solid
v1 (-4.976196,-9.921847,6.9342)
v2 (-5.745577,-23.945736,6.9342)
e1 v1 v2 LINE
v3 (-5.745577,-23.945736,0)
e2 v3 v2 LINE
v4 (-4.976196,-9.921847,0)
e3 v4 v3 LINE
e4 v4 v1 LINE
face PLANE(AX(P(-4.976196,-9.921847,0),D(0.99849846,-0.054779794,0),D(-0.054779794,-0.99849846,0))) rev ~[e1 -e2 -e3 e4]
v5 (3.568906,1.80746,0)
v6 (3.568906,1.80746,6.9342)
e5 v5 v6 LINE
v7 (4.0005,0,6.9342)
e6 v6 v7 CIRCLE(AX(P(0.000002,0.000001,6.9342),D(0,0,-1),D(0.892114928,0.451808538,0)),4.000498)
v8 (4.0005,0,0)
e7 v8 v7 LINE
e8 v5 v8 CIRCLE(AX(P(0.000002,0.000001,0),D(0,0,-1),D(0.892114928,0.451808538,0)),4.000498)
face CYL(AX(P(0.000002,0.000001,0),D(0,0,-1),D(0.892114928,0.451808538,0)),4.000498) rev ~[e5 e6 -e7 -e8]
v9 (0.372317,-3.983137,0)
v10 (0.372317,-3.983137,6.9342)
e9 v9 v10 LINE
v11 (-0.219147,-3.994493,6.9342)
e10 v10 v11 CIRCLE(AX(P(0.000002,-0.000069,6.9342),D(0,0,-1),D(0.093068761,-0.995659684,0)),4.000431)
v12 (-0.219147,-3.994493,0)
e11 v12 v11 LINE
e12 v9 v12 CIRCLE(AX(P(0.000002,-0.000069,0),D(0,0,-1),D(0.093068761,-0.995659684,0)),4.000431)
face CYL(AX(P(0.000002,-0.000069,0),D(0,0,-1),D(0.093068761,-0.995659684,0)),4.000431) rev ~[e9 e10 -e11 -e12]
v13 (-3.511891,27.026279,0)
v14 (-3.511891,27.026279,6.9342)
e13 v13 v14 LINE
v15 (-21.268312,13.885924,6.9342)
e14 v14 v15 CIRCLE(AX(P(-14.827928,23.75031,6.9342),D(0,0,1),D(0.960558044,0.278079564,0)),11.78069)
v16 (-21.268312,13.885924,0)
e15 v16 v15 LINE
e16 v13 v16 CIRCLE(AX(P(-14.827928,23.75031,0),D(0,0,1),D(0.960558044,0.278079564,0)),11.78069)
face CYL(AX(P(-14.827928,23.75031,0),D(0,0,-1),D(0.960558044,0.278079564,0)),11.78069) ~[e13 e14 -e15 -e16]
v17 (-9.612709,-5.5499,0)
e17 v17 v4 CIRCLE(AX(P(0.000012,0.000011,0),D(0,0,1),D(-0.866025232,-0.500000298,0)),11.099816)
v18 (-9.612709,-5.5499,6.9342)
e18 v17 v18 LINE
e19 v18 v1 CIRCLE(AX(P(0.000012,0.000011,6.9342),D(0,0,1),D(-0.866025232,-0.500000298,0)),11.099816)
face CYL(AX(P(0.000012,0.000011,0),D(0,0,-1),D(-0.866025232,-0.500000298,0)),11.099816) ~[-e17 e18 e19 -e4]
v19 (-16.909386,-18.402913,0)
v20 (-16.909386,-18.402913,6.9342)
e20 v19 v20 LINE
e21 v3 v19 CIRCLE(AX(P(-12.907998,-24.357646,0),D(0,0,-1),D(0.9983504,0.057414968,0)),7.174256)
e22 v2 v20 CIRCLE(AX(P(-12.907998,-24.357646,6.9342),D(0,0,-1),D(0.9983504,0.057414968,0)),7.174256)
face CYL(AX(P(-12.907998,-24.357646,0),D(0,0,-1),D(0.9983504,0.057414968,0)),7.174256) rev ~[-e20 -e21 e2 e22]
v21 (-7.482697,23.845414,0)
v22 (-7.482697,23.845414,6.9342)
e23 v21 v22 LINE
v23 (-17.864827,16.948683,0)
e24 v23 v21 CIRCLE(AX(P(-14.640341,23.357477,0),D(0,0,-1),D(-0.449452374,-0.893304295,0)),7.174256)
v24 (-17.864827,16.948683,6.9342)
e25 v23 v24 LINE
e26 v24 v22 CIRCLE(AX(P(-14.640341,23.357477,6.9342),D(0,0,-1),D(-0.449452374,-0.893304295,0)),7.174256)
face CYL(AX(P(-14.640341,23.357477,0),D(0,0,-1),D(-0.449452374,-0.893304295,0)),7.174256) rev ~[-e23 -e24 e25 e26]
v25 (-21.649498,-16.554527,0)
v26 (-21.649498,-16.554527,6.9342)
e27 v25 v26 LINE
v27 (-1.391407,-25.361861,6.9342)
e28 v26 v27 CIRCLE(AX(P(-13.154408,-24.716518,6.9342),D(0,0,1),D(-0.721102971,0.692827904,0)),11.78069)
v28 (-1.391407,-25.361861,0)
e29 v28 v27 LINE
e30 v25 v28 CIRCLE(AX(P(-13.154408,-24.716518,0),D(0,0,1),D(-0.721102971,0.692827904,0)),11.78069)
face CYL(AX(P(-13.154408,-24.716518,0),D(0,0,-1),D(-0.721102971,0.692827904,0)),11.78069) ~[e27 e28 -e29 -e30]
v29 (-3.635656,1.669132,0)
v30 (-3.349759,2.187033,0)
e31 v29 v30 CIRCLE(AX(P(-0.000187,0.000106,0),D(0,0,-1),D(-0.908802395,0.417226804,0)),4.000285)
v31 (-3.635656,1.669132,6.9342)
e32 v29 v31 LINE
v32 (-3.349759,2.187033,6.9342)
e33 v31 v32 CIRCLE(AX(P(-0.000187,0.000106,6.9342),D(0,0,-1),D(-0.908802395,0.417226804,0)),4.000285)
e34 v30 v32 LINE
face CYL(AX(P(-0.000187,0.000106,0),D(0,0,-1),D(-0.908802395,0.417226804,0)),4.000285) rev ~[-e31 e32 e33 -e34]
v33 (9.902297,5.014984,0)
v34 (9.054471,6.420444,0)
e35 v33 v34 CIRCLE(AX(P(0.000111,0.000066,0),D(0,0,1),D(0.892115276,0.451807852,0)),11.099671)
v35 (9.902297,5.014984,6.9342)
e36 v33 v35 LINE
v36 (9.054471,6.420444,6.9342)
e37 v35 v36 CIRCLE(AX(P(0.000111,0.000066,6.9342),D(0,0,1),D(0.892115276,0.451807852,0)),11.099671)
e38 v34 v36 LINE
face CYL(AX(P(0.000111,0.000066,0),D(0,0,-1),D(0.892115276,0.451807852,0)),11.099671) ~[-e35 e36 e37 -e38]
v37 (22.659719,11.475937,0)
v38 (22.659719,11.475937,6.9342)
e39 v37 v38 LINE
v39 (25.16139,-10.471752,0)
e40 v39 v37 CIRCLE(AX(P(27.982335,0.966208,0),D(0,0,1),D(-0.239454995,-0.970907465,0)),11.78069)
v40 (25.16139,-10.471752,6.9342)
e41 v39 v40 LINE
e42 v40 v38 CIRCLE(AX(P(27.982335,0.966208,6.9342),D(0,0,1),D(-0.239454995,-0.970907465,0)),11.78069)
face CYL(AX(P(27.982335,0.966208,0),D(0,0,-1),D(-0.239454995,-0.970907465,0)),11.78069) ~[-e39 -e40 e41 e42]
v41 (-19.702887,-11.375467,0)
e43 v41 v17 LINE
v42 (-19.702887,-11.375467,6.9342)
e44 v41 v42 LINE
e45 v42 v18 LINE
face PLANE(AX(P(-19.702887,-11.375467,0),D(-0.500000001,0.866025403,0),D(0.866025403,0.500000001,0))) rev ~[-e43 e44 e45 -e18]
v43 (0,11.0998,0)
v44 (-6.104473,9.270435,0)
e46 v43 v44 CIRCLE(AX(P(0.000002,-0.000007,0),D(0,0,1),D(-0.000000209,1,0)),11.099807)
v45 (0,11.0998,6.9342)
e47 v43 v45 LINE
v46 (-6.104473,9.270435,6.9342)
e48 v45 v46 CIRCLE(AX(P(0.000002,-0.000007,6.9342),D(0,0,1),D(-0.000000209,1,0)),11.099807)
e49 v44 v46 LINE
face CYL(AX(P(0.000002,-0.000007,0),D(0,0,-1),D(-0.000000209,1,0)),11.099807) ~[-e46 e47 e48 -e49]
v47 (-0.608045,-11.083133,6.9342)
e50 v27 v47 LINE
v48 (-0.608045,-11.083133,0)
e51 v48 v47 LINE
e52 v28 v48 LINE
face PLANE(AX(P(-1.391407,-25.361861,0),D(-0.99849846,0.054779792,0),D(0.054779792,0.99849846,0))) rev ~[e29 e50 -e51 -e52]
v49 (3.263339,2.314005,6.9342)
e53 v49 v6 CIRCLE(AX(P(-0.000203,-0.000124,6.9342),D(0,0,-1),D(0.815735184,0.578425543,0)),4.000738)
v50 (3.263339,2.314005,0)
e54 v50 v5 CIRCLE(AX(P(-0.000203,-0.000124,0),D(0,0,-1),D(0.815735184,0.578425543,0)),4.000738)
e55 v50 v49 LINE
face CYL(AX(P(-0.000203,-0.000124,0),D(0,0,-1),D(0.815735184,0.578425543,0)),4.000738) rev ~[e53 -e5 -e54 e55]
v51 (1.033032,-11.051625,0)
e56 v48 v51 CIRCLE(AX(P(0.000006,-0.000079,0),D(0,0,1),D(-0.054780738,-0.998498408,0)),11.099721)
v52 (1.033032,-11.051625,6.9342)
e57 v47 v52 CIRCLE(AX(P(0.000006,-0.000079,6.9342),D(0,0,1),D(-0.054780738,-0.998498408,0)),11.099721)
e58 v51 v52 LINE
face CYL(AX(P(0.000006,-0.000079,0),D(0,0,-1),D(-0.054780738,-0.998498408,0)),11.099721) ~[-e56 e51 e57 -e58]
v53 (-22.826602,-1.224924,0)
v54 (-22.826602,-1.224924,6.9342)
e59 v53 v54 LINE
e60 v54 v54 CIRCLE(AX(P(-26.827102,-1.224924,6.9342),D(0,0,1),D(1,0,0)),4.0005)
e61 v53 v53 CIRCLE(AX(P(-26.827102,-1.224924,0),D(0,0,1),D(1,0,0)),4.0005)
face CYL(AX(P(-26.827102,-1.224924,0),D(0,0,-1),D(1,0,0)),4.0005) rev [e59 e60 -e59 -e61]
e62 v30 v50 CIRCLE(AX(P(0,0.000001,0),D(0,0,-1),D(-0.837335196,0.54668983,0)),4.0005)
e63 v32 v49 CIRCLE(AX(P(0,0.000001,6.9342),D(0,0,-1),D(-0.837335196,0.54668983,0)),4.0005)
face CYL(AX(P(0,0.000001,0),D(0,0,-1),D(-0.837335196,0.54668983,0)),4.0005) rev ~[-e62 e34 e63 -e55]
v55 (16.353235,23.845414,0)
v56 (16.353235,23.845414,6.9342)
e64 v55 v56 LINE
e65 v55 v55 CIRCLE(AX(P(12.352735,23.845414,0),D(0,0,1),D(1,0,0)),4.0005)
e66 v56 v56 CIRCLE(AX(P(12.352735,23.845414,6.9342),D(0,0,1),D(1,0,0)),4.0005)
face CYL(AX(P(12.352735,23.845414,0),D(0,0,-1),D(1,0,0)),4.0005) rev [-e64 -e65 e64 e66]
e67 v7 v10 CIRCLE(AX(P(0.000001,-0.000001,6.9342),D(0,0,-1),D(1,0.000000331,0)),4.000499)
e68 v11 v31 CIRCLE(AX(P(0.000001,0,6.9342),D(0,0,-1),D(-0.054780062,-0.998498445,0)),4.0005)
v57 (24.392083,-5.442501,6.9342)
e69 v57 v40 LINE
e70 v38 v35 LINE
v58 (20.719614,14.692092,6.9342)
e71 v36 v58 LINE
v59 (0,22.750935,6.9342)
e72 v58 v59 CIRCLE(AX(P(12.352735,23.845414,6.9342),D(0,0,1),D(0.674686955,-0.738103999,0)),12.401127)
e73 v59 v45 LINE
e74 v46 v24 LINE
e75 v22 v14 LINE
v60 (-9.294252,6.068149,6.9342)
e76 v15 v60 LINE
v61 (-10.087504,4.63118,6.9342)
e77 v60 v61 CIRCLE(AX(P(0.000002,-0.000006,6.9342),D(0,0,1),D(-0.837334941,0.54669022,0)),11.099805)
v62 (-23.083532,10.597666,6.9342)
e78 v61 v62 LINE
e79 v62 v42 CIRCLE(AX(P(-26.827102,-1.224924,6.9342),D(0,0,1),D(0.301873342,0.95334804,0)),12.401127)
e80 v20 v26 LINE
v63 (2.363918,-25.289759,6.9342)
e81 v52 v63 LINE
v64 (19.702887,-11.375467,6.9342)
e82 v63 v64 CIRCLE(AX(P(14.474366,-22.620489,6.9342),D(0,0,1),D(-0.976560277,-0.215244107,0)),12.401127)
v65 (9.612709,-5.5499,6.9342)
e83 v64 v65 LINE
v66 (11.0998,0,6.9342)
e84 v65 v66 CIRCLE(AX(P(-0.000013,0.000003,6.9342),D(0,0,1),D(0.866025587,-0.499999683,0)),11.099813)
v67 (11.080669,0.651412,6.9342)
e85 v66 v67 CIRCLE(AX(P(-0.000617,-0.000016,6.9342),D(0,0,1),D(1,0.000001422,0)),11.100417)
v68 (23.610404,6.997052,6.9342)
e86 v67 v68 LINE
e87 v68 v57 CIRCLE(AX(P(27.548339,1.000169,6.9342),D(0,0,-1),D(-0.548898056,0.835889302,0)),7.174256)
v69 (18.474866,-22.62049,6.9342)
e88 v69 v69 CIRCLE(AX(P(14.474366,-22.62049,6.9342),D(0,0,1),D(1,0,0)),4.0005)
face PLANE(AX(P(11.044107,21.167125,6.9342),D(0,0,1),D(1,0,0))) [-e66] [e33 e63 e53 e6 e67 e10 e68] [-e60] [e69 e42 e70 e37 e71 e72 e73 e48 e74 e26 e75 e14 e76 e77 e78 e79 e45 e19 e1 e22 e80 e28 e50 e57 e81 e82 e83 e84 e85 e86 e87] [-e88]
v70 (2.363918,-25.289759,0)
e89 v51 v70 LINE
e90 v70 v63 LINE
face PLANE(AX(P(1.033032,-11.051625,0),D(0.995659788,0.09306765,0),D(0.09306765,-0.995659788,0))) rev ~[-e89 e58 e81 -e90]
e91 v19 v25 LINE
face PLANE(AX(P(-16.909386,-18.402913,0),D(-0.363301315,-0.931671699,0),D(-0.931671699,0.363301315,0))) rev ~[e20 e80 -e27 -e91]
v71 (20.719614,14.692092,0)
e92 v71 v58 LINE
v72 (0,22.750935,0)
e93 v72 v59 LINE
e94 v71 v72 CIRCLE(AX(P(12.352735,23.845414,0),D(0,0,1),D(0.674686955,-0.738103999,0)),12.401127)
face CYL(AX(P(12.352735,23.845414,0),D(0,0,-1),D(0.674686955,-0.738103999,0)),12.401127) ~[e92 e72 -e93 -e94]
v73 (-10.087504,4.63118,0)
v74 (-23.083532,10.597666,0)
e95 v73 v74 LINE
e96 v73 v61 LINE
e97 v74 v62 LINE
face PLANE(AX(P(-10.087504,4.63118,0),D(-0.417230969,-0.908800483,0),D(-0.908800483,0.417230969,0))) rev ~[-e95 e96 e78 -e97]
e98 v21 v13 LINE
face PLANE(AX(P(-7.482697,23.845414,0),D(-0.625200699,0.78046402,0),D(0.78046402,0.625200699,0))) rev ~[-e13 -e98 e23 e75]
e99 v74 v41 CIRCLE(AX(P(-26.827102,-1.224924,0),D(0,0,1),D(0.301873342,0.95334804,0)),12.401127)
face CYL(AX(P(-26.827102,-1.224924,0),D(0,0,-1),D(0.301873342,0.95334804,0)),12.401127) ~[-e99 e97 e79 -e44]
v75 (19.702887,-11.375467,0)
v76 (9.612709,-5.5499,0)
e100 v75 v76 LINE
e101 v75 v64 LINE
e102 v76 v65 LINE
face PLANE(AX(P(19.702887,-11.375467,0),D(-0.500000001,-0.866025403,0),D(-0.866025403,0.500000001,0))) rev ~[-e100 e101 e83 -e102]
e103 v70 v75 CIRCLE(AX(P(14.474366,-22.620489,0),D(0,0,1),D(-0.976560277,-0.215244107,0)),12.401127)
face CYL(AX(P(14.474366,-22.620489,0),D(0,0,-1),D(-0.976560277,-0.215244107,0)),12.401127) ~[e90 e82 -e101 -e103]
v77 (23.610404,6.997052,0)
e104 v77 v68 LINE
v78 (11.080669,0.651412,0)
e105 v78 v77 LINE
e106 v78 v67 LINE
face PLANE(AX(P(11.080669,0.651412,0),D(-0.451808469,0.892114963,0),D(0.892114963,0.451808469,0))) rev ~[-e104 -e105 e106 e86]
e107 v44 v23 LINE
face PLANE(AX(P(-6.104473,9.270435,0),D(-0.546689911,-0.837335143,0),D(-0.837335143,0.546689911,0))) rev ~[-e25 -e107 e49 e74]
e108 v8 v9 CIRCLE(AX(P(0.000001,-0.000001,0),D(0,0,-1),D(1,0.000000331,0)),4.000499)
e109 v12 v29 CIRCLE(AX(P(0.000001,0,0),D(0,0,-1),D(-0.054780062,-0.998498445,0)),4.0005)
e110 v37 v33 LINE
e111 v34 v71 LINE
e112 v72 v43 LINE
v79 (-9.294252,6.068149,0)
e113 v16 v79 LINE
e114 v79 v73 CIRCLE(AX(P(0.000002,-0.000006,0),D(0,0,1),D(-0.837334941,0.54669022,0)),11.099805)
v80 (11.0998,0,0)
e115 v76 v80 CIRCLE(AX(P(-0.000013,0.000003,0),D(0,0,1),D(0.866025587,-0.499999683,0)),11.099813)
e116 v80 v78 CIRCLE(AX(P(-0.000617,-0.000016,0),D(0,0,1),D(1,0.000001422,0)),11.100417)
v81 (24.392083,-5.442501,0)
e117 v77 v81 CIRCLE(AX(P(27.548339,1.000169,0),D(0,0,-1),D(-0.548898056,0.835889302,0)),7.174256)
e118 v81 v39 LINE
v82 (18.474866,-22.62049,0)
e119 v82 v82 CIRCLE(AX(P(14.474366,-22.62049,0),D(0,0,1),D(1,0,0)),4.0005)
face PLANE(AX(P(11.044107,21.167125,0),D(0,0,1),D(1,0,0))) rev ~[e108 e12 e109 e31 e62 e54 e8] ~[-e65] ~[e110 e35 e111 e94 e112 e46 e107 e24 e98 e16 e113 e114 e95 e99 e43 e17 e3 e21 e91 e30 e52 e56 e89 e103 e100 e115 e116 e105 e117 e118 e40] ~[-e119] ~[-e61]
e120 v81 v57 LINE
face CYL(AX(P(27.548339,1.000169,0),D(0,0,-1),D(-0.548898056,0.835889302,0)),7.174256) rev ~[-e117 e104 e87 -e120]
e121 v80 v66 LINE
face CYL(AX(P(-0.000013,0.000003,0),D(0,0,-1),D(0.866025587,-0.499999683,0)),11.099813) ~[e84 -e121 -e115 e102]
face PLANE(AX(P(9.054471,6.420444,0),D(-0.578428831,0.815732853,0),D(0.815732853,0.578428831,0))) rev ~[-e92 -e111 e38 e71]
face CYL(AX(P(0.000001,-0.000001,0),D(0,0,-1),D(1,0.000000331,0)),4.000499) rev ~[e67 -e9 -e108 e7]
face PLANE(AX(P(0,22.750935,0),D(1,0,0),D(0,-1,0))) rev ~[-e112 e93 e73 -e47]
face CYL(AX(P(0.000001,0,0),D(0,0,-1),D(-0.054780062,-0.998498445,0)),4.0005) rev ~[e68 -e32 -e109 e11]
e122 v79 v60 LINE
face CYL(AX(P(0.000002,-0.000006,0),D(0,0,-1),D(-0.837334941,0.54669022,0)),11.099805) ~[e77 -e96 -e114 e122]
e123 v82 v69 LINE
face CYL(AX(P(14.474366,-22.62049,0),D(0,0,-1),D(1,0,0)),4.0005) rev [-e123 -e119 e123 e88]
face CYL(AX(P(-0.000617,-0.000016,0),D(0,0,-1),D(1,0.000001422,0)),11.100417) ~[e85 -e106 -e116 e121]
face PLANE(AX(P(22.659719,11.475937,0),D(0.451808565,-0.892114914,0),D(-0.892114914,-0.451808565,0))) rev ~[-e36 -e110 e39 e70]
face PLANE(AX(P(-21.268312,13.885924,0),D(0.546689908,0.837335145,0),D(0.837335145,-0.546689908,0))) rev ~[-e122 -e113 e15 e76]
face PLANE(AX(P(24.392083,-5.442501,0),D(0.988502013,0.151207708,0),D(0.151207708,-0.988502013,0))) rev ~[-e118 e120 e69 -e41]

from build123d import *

# Parameters (mm, degrees)
F0_R     = 4.0005
F1_DEPTH = 6.9342


with BuildPart() as f1:
    # F0 (on Top) → F1 (new body)
    with BuildSketch(Plane.XY):
        with BuildLine():
            Line((9.054471, 6.420444), (20.719614, 14.692092))
            ThreePointArc((20.719614, 14.692092), (16.848066, 35.403093), (0, 22.750935))
            Line((0, 22.750935), (0, 11.0998))
            ThreePointArc((0, 11.0998), (5.096073, 9.860812), (9.054471, 6.420444))
        make_face()
        with Locations((12.352735, 23.845414)):
            Circle(F0_R, mode=Mode.SUBTRACT)
        with BuildLine():
            Line((19.702887, -11.375467), (9.612709, -5.5499))
            ThreePointArc((9.612709, -5.5499), (5.991677, -9.343734), (1.033032, -11.051625))
            Line((1.033032, -11.051625), (2.363918, -25.289759))
            ThreePointArc((2.363918, -25.289759), (22.235945, -32.2924), (19.702887, -11.375467))
        make_face()
        with Locations((14.474366, -22.62049)):
            Circle(F0_R, mode=Mode.SUBTRACT)
        with BuildLine():
            Line((22.659719, 11.475937), (9.902297, 5.014984))
            ThreePointArc((9.902297, 5.014984), (10.715942, 2.893812), (11.080669, 0.651412))
            Line((11.080669, 0.651412), (23.610404, 6.997052))
            ThreePointArc((23.610404, 6.997052), (34.708472, 1.450098), (24.392083, -5.442501))
            Line((24.392083, -5.442501), (25.16139, -10.471752))
            ThreePointArc((25.16139, -10.471752), (39.687234, 2.300371), (22.659719, 11.475937))
        make_face()
        with BuildLine():
            ThreePointArc((-0.608045, -11.083133), (-2.851856, -10.727184), (-4.976196, -9.921847))
            Line((-4.976196, -9.921847), (-5.745577, -23.945736))
            ThreePointArc((-5.745577, -23.945736), (-16.098414, -30.783468), (-16.909386, -18.402913))
            Line((-16.909386, -18.402913), (-21.649498, -16.554527))
            ThreePointArc((-21.649498, -16.554527), (-17.851438, -35.520339), (-1.391407, -25.361861))
            Line((-1.391407, -25.361861), (-0.608045, -11.083133))
        make_face()
        with BuildLine():
            ThreePointArc((-9.612709, -5.5499), (-11.08775, -0.517077), (-10.087504, 4.63118))
            Line((-10.087504, 4.63118), (-23.083532, 10.597666))
            ThreePointArc((-23.083532, 10.597666), (-39.084011, -3.110694), (-19.702887, -11.375467))
            Line((-19.702887, -11.375467), (-9.612709, -5.5499))
        make_face()
        with Locations((-26.827102, -1.224924)):
            Circle(F0_R, mode=Mode.SUBTRACT)
        with BuildLine():
            ThreePointArc((-9.294252, 6.068149), (-7.864086, 7.833372), (-6.104473, 9.270435))
            Line((-6.104473, 9.270435), (-17.864827, 16.948683))
            ThreePointArc((-17.864827, 16.948683), (-18.610058, 29.333369), (-7.482697, 23.845414))
            Line((-7.482697, 23.845414), (-3.511891, 27.026279))
            ThreePointArc((-3.511891, 27.026279), (-21.835797, 33.219968), (-21.268312, 13.885924))
            Line((-21.268312, 13.885924), (-9.294252, 6.068149))
        make_face()
        with BuildLine():
            ThreePointArc((9.902297, 5.014984), (9.504399, 5.733407), (9.054471, 6.420444))
            ThreePointArc((9.054471, 6.420444), (5.096073, 9.860812), (0, 11.0998))
            ThreePointArc((0, 11.0998), (-3.186345, 10.632627), (-6.104473, 9.270435))
            ThreePointArc((-6.104473, 9.270435), (-7.864086, 7.833372), (-9.294252, 6.068149))
            ThreePointArc((-9.294252, 6.068149), (-9.717476, 5.364347), (-10.087504, 4.63118))
            ThreePointArc((-10.087504, 4.63118), (-11.08775, -0.517077), (-9.612709, -5.5499))
            ThreePointArc((-9.612709, -5.5499), (-7.614953, -8.075769), (-4.976196, -9.921847))
            ThreePointArc((-4.976196, -9.921847), (-2.851856, -10.727184), (-0.608045, -11.083133))
            ThreePointArc((-0.608045, -11.083133), (0.213077, -11.097755), (1.033032, -11.051625))
            ThreePointArc((1.033032, -11.051625), (5.991677, -9.343734), (9.612709, -5.5499))
            ThreePointArc((9.612709, -5.5499), (10.721583, -2.87284), (11.0998, 0))
            ThreePointArc((11.0998, 0), (11.095016, 0.325846), (11.080669, 0.651412))
            ThreePointArc((11.080669, 0.651412), (10.715942, 2.893812), (9.902297, 5.014984))
        make_face()
        with BuildLine():
            ThreePointArc((-3.349759, 2.187033), (-0.076795, 3.999763), (3.263339, 2.314005))
            ThreePointArc((3.263339, 2.314005), (3.425498, 2.066388), (3.568906, 1.80746))
            ThreePointArc((3.568906, 1.80746), (3.891106, 0.929137), (4.0005, 0))
            ThreePointArc((4.0005, 0), (2.957487, -2.693933), (0.372317, -3.983137))
            ThreePointArc((0.372317, -3.983137), (0.076795, -3.999763), (-0.219147, -3.994493))
            ThreePointArc((-0.219147, -3.994493), (-3.425498, -2.066388), (-3.635656, 1.669132))
            ThreePointArc((-3.635656, 1.669132), (-3.502294, 1.933375), (-3.349759, 2.187033))
        make_face(mode=Mode.SUBTRACT)
    extrude(amount=F1_DEPTH)


solid = f1.part
